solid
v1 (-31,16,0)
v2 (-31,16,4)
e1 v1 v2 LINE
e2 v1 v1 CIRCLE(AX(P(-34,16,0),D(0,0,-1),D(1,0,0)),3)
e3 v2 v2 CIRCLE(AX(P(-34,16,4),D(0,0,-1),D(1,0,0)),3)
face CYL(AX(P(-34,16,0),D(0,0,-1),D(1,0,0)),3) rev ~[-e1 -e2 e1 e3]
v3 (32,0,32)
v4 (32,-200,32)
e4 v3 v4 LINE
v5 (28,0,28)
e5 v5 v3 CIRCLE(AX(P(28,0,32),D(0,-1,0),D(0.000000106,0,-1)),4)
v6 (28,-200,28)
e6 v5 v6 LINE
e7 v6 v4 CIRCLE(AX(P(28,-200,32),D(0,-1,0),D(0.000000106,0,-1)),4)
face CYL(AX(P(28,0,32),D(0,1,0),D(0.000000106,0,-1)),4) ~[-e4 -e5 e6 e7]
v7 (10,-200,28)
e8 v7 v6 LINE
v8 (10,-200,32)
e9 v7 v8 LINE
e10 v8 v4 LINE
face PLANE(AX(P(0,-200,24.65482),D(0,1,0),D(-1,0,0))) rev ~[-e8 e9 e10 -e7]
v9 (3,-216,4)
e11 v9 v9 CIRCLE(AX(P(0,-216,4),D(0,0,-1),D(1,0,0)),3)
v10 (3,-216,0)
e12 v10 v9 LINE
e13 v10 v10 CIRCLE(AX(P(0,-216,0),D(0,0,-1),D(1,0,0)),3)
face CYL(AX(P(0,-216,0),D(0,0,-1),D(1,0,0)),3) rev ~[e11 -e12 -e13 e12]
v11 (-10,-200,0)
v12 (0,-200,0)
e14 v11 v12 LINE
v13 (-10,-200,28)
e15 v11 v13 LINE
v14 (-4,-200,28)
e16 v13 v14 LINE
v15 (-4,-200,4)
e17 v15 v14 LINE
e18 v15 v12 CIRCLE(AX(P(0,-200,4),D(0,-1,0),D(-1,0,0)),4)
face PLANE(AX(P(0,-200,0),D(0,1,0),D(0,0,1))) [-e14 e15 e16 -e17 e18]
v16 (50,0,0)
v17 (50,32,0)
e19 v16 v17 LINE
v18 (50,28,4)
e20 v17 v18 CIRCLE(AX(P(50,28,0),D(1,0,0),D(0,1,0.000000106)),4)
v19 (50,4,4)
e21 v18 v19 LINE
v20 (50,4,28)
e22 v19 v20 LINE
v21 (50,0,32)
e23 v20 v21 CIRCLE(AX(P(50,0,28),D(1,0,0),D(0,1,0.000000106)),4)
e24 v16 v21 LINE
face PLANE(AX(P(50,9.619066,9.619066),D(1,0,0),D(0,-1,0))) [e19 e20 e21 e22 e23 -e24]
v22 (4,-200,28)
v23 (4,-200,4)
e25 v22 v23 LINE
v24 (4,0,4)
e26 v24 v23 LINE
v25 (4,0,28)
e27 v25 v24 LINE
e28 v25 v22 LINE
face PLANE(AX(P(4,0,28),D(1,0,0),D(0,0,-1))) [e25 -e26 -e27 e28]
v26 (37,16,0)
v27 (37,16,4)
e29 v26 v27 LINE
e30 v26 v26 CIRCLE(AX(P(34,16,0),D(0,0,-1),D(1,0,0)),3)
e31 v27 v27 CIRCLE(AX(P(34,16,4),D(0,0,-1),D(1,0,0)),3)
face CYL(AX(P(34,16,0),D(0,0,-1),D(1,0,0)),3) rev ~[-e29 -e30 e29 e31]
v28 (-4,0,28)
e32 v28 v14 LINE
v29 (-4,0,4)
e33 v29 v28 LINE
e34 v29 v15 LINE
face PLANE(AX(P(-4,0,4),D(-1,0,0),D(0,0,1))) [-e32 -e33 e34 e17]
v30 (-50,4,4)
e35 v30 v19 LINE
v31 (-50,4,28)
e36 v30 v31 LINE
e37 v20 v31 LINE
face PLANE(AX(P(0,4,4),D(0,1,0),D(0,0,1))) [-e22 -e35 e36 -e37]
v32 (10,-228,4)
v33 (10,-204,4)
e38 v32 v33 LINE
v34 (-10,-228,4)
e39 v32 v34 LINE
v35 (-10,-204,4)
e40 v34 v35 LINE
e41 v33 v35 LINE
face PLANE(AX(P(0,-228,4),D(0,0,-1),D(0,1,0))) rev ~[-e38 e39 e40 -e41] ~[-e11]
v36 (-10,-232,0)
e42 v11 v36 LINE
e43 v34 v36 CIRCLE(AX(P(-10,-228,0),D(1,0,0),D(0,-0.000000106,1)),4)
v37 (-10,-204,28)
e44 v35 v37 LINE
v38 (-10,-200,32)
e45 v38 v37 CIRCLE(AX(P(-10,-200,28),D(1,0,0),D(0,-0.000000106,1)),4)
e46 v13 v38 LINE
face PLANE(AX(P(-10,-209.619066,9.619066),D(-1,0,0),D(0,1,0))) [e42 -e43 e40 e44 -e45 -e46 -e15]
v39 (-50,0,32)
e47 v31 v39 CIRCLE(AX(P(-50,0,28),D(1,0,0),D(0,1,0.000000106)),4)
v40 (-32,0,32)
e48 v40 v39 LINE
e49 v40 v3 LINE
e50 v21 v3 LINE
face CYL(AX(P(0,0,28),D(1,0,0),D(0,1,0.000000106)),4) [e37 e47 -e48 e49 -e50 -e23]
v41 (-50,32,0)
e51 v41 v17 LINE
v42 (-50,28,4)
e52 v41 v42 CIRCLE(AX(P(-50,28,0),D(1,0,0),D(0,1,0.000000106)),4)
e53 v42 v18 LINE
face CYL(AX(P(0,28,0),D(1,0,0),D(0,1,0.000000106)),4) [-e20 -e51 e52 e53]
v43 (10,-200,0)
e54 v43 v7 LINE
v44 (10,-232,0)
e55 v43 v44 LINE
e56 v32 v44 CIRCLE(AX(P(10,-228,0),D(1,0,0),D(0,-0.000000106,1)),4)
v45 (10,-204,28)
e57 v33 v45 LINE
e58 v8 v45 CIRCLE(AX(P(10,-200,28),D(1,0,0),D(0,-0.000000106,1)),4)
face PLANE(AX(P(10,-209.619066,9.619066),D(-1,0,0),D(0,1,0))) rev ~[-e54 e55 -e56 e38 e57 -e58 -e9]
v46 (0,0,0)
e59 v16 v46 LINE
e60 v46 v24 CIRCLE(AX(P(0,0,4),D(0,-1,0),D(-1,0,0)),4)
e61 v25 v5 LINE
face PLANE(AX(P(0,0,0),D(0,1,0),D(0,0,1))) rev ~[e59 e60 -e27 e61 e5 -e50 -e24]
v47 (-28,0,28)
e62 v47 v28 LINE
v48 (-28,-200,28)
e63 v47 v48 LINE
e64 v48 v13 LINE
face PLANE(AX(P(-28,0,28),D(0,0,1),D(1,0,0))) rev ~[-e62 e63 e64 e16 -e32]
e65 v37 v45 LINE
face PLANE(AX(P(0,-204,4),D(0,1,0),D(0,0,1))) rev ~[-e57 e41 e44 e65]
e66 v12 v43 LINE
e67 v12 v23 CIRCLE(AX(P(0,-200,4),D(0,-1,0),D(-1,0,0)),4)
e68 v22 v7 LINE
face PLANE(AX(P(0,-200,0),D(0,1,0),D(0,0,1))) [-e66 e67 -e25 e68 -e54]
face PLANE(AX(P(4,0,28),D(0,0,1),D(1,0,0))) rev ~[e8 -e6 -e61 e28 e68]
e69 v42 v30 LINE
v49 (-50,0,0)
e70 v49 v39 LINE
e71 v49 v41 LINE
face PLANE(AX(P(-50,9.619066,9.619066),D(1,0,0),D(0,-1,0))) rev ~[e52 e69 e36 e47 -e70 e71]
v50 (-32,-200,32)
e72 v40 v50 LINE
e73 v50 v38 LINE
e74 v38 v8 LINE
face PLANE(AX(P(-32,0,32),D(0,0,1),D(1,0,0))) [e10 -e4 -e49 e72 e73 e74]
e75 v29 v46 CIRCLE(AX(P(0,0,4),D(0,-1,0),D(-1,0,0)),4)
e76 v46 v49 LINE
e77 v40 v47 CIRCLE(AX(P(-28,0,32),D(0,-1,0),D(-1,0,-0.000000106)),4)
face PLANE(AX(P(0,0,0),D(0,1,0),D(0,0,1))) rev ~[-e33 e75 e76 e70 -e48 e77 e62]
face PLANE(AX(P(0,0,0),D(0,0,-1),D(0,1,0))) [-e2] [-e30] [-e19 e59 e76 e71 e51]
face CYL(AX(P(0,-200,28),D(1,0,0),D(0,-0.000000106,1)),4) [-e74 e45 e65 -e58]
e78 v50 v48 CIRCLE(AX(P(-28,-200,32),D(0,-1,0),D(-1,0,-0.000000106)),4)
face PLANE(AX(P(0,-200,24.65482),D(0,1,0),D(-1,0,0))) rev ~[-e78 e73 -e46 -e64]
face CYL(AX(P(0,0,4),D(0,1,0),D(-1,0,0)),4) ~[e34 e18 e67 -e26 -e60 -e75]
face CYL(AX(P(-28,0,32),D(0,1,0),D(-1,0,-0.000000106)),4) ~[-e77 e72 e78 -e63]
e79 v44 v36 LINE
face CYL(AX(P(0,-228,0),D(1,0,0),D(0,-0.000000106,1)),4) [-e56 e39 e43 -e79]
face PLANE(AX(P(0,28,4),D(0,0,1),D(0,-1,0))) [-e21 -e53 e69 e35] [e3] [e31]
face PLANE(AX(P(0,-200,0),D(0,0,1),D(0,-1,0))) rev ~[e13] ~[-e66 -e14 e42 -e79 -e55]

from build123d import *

# Parameters (mm, degrees)
PAD_DEPTH      = 200
PAD001_DEPTH   = 10
PAD002_DEPTH   = 50
SKETCH003_R    = 3
HOLE_DEPTH     = 25
HOLE_TIPS_R    = 3
SKETCH004_R    = 3
HOLE001_DEPTH  = 25
HOLE001_TIPS_R = 3


with BuildPart() as part:
    # Sketch → Pad (new body)
    with BuildSketch(Plane.XZ):
        with BuildLine():
            Line((-32, 32), (32, 32))
            ThreePointArc((28, 28), (30.828427, 29.171573), (32, 32))
            Line((4, 28), (28, 28))
            Line((4, 28), (4, 4))
            ThreePointArc((-4, 4), (0, 0), (4, 4))
            Line((-4, 4), (-4, 28))
            Line((-28, 28), (-4, 28))
            ThreePointArc((-32, 32), (-30.828427, 29.171573), (-28, 28))
        make_face()
    extrude(amount=PAD_DEPTH)

    # Sketch001 (on DatumPlane) → Pad001 (join, symmetric)
    with BuildSketch(Plane(origin=(0, 0, 0), x_dir=(0, -1, 0), z_dir=(1, 0, 0))):
        with BuildLine():
            Line((200, 0), (232, 0))
            ThreePointArc((228, -4), (230.828427, -2.828427), (232, 0))
            Line((228, -4), (204, -4))
            Line((204, -4), (204, -28))
            ThreePointArc((200, -32), (202.828427, -30.828427), (204, -28))
            Line((200, 0), (200, -32))
        make_face()
    extrude(amount=PAD001_DEPTH, both=True)

    # Sketch002 (on DatumPlane) → Pad002 (join, symmetric)
    with BuildSketch(Plane(origin=(0, 0, 0), x_dir=(0, -1, 0), z_dir=(1, 0, 0))):
        with BuildLine():
            Line((0, 0), (-32, 0))
            ThreePointArc((-32, 0), (-30.828427, -2.828427), (-28, -4))
            Line((-28, -4), (-4, -4))
            Line((-4, -4), (-4, -28))
            ThreePointArc((-4, -28), (-2.828427, -30.828427), (0, -32))
            Line((0, 0), (0, -32))
        make_face()
    extrude(amount=PAD002_DEPTH, both=True)

    # Sketch003 (on Face22 of Pad002) → Hole (cut)
    with BuildSketch(Plane(origin=(0, 0, 0), x_dir=(1, 0, 0), z_dir=(0, 0, -1))):
        with Locations((0, 216)):
            Circle(SKETCH003_R)
    extrude(amount=-HOLE_DEPTH, mode=Mode.SUBTRACT)

    # Hole tips → Hole tip 1 section 0
    with BuildSketch(Plane(origin=(0, 0, 25), x_dir=(1, 0, 0), z_dir=(0, 0, -1)), mode=Mode.PRIVATE) as hole_tip_1_s0:
        with Locations((0, 216)):
            Circle(HOLE_TIPS_R)
    loft([hole_tip_1_s0.sketch, Vertex(0, -216, 26.802582)], mode=Mode.SUBTRACT)

    # Sketch004 (on Face14 of Hole) → Hole001 (cut)
    with BuildSketch(Plane(origin=(0, 0, 0), x_dir=(1, 0, 0), z_dir=(0, 0, -1))):
        with Locations((34, -16)):
            Circle(SKETCH004_R)
        with Locations((-34, -16)):
            Circle(SKETCH004_R)
    extrude(amount=-HOLE001_DEPTH, mode=Mode.SUBTRACT)

    # Hole001 tips → Hole001 tip 1 section 0
    with BuildSketch(Plane(origin=(0, 0, 25), x_dir=(1, 0, 0), z_dir=(0, 0, -1)), mode=Mode.PRIVATE) as hole001_tip_1_s0:
        with Locations((34, -16)):
            Circle(HOLE001_TIPS_R)
    loft([hole001_tip_1_s0.sketch, Vertex(34, 16, 26.802582)], mode=Mode.SUBTRACT)

    # Hole001 tips → Hole001 tip 2 section 0
    with BuildSketch(Plane(origin=(0, 0, 25), x_dir=(1, 0, 0), z_dir=(0, 0, -1)), mode=Mode.PRIVATE) as hole001_tip_2_s0:
        with Locations((-34, -16)):
            Circle(HOLE001_TIPS_R)
    loft([hole001_tip_2_s0.sketch, Vertex(-34, 16, 26.802582)], mode=Mode.SUBTRACT)


solid = part.part
